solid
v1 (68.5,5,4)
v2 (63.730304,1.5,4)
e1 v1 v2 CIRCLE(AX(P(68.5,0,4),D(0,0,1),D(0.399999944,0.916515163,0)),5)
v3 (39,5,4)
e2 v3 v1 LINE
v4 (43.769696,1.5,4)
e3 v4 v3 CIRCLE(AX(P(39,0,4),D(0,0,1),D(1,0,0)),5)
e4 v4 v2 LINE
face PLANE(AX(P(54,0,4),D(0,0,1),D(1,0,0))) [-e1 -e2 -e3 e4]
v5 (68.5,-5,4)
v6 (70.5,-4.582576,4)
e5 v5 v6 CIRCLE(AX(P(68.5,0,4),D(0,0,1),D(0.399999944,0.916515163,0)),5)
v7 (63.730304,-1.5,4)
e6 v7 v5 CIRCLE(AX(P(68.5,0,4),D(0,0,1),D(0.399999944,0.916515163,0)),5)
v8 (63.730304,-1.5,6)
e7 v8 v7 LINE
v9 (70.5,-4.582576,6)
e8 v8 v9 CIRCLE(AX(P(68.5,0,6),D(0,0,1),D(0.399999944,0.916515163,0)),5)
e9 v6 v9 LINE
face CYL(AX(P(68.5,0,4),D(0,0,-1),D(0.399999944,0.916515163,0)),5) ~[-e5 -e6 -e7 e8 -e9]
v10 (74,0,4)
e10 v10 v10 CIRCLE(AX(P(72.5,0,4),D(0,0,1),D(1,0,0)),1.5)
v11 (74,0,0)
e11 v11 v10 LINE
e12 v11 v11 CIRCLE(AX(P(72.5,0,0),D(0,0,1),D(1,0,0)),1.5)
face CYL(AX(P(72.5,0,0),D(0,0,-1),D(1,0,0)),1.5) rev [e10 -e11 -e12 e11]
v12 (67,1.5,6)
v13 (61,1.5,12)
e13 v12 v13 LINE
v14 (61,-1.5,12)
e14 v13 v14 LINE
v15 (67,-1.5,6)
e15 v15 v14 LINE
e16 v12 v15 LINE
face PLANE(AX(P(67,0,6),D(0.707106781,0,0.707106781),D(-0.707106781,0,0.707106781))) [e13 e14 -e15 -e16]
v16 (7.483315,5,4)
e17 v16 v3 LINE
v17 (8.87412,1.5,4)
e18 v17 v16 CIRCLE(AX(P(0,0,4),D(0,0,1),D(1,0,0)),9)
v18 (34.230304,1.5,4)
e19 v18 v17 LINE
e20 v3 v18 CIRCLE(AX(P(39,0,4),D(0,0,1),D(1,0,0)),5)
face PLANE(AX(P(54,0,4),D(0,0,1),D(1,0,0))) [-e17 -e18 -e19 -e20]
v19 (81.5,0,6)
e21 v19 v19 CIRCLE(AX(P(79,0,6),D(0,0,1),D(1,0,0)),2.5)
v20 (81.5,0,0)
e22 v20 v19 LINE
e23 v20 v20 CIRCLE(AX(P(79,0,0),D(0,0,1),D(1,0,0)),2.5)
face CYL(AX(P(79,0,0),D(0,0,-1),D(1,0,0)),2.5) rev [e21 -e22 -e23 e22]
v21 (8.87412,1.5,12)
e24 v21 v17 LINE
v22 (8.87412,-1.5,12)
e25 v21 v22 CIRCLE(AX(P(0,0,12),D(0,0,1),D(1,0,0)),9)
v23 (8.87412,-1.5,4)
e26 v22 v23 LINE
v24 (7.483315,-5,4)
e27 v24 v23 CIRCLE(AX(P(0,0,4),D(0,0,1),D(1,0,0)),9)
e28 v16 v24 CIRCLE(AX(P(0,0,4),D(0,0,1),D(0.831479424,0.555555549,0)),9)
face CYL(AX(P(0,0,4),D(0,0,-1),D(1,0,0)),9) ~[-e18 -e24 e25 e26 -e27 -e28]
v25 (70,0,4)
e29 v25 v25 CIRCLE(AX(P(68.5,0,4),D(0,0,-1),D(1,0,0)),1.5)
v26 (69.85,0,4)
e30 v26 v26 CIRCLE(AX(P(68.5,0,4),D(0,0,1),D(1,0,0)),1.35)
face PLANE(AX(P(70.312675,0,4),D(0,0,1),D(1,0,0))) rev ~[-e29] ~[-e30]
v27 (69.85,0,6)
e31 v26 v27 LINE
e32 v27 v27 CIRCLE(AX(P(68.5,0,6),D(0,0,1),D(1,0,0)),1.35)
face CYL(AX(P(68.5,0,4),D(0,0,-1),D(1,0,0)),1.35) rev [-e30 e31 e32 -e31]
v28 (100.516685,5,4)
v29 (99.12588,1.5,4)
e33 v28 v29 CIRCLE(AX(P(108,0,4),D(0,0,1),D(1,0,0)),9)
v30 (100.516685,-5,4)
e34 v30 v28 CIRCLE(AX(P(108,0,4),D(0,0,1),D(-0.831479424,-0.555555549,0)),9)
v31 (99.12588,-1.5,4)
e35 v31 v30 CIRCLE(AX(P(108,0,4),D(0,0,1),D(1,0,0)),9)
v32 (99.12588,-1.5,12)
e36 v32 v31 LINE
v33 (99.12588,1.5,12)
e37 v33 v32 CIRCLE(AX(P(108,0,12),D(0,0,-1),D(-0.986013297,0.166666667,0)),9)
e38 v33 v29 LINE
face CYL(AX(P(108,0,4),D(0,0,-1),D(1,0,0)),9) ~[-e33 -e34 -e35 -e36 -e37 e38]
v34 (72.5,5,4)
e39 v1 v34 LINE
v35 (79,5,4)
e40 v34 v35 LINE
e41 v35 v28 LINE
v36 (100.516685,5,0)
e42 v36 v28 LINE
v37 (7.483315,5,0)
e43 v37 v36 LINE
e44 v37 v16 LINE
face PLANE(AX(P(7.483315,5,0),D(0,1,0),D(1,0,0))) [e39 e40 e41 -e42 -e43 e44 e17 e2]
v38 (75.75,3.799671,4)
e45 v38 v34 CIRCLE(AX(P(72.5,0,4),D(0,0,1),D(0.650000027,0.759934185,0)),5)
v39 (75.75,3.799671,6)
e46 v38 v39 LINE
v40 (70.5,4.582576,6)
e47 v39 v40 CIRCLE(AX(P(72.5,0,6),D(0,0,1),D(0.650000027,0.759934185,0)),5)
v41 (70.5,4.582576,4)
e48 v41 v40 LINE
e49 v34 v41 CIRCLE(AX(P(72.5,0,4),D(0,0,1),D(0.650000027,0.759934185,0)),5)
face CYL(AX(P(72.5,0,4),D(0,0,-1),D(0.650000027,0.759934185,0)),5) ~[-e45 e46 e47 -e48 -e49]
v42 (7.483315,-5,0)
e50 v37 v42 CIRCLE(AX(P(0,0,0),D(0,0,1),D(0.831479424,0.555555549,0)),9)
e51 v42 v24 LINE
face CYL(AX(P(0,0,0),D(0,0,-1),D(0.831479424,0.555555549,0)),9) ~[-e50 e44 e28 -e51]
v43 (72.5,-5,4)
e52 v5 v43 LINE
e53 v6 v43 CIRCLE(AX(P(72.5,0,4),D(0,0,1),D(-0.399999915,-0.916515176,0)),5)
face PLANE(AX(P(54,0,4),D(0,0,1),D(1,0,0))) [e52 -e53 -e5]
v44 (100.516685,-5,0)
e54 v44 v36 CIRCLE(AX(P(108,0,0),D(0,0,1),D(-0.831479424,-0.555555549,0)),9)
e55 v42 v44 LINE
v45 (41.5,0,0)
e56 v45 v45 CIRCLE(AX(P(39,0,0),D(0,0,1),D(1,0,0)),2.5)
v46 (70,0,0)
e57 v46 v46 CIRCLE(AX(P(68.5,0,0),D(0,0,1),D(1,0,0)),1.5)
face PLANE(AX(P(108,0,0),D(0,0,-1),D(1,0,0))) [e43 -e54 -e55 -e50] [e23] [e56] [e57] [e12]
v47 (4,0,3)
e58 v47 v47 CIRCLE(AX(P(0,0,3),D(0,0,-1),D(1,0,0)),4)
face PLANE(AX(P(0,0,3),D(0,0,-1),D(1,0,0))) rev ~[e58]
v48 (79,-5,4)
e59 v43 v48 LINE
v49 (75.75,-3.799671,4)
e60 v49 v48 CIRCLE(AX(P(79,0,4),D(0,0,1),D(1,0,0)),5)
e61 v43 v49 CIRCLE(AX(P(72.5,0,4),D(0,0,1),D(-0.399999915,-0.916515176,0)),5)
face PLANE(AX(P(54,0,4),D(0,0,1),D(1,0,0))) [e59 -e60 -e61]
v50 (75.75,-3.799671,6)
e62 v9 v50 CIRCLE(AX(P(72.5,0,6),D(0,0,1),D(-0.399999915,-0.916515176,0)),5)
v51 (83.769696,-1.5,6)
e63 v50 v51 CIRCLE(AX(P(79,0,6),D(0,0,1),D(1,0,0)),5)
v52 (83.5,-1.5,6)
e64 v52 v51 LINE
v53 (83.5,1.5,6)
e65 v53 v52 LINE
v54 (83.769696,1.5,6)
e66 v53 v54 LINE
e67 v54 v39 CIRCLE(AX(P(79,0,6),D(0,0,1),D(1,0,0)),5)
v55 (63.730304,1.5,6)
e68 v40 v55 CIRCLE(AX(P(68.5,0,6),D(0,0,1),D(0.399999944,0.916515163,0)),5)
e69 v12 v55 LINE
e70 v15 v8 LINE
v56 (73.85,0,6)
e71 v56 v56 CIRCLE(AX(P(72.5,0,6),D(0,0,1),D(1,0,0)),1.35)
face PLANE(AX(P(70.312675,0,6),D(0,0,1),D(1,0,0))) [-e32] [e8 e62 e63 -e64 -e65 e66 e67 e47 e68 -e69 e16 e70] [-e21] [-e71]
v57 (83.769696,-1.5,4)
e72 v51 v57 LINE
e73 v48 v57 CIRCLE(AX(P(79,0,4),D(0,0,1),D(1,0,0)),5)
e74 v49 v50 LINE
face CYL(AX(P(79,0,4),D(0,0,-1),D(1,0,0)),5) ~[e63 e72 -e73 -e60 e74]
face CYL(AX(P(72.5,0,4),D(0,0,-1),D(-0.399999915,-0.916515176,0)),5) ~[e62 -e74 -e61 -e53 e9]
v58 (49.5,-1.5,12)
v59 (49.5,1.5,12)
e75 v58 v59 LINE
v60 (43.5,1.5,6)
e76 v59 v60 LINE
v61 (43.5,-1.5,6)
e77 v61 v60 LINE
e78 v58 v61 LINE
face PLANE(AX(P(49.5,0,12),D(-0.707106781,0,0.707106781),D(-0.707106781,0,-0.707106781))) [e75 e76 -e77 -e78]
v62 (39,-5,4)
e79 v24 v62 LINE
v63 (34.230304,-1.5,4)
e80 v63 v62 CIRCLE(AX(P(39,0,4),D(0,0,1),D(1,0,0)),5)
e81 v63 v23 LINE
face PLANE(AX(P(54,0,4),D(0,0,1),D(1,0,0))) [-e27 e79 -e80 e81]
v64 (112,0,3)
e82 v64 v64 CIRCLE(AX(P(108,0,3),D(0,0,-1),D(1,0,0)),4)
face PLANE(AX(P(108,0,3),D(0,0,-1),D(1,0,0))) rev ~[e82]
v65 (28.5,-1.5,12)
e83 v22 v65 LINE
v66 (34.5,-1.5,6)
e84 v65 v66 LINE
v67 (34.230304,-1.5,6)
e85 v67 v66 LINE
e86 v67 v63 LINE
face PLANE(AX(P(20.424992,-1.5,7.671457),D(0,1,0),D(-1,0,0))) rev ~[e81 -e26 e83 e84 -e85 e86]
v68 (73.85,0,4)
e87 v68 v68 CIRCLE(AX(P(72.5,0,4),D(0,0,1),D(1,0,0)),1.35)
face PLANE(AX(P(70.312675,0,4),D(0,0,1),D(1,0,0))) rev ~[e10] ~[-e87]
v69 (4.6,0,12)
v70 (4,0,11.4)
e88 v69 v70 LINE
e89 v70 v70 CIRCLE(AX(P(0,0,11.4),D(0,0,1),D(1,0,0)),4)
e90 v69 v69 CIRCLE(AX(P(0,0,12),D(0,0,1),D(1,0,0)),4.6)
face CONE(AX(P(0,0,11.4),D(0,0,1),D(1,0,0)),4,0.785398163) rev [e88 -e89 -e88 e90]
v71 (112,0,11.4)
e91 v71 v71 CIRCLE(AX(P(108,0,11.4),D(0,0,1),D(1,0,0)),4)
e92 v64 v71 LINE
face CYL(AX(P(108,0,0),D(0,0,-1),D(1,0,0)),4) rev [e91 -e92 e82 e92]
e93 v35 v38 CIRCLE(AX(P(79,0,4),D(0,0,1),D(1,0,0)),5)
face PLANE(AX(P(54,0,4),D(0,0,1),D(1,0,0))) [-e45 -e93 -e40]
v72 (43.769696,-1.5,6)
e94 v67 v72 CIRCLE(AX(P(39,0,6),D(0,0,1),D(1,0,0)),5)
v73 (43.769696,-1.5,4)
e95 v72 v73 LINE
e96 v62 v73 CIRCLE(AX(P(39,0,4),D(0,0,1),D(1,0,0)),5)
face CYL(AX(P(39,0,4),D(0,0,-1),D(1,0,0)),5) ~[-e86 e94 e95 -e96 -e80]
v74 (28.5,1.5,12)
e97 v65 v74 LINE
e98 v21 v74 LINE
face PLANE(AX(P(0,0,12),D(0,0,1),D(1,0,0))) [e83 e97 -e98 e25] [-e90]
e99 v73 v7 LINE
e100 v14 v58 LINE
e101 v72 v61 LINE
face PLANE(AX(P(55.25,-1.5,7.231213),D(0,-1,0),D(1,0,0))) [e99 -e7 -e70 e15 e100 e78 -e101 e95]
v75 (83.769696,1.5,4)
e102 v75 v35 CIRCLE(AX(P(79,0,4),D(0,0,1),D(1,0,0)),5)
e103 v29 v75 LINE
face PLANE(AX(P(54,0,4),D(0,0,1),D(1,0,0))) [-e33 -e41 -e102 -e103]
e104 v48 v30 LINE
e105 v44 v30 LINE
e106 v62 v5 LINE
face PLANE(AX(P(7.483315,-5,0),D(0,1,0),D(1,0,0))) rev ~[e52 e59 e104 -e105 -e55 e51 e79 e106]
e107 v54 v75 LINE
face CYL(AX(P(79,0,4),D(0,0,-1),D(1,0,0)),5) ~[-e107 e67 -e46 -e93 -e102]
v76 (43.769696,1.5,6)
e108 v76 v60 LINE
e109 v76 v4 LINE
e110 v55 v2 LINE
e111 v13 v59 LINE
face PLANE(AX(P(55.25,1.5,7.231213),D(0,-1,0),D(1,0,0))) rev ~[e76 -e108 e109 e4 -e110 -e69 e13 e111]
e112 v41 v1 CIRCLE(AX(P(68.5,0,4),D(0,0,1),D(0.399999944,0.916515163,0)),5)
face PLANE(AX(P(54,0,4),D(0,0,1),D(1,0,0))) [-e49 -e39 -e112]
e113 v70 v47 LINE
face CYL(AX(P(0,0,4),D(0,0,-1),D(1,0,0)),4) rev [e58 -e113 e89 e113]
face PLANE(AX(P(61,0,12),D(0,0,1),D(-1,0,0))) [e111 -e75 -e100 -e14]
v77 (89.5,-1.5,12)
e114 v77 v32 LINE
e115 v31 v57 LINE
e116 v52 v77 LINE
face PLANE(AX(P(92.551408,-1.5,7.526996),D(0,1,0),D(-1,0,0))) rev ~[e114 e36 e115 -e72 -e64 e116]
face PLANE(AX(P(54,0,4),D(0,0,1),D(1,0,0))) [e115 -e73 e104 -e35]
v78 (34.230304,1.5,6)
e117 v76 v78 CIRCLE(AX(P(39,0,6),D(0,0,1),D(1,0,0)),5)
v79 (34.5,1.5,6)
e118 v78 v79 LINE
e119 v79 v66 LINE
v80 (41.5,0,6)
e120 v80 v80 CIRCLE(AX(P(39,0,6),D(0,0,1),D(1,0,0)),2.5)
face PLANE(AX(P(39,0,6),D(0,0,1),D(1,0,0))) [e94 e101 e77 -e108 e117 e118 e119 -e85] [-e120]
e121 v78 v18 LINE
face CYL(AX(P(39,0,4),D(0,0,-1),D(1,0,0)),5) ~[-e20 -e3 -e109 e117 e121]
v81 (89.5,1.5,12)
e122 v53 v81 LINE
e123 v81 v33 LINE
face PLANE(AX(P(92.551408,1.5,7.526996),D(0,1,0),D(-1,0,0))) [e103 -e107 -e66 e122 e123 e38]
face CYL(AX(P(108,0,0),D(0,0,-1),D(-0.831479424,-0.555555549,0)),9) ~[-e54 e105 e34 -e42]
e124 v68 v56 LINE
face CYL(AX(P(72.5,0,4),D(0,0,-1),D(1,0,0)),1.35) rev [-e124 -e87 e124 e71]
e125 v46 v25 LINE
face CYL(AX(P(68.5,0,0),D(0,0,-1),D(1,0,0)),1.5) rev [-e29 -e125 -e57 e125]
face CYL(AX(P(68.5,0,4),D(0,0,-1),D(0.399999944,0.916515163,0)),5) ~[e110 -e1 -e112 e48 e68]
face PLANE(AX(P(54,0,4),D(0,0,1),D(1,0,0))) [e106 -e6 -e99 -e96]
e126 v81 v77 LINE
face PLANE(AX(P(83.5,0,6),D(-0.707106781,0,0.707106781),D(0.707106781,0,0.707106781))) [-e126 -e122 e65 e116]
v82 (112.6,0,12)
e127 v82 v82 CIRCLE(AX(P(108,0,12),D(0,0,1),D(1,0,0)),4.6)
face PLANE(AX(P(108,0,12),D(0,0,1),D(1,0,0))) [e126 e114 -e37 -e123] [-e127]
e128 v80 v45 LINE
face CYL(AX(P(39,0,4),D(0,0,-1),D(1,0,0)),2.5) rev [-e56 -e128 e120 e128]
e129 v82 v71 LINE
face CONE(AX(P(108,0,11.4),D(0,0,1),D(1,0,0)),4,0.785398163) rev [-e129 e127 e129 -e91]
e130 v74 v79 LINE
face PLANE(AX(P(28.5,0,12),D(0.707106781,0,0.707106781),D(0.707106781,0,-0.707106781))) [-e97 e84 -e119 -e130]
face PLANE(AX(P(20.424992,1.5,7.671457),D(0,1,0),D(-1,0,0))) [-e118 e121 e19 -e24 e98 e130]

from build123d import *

# Parameters (mm, degrees)
SKETCH_R      = 4
SKETCH_R_2    = 2.5
SKETCH_R_3    = 1.5
PAD_DEPTH     = 4
SKETCH001_R   = 9
SKETCH001_R_2 = 4
PAD001_DEPTH  = 8
SKETCH002_R   = 4
PAD002_DEPTH  = 3
PAD003_DEPTH  = 1.5
SKETCH004_R   = 5
SKETCH004_R_2 = 2.5
PAD004_DEPTH  = 2
CHAMFER_SIZE  = 0.6
SKETCH005_R   = 1.35
PAD005_DEPTH  = 2


with BuildPart() as part:
    # Sketch → Pad (new body)
    with BuildSketch(Plane.XY):
        with BuildLine():
            ThreePointArc((7.483315, 5), (-9, 0), (7.483315, -5))
            Line((7.483315, -5), (100.516685, -5))
            ThreePointArc((100.516685, -5), (117, 0), (100.516685, 5))
            Line((7.483315, 5), (100.516685, 5))
        make_face()
        Circle(SKETCH_R, mode=Mode.SUBTRACT)
        with Locations((108, 0)):
            Circle(SKETCH_R, mode=Mode.SUBTRACT)
        with Locations((39, 0)):
            Circle(SKETCH_R_2, mode=Mode.SUBTRACT)
        with Locations((79, 0)):
            Circle(SKETCH_R_2, mode=Mode.SUBTRACT)
        with Locations((72.5, 0)):
            Circle(SKETCH_R_3, mode=Mode.SUBTRACT)
        with Locations((68.5, 0)):
            Circle(SKETCH_R_3, mode=Mode.SUBTRACT)
    extrude(amount=PAD_DEPTH)

    # Sketch001 (on Face12 of Pad) → Pad001 (join)
    with BuildSketch(Plane.XY.offset(4)):
        Circle(SKETCH001_R)
        Circle(SKETCH001_R_2, mode=Mode.SUBTRACT)
        with Locations((108, 0)):
            Circle(SKETCH001_R)
        with Locations((108, 0)):
            Circle(SKETCH001_R_2, mode=Mode.SUBTRACT)
    extrude(amount=PAD001_DEPTH)

    # Sketch002 (on Face4 of Pad001) → Pad002 (join)
    with BuildSketch(Plane(origin=(0, 0, 0), x_dir=(1, 0, 0), z_dir=(0, 0, -1))):
        with Locations((108, 0)):
            Circle(SKETCH002_R)
        Circle(SKETCH002_R)
    extrude(amount=-PAD002_DEPTH)

    # Sketch003 (on Face3 of Pad002) → Pad003 (join, symmetric)
    with BuildSketch(Plane.XZ):
        Polygon((100, 12), (100, 4), (83.5, 4), (83.5, 6), (89.5, 12), align=None)
        Polygon((8, 4), (8, 12), (28.5, 12), (34.5, 6), (34.5, 4), align=None)
        Polygon((43.5, 4), (67, 4), (67, 6), (61, 12), (49.5, 12), (43.5, 6), align=None)
    extrude(amount=PAD003_DEPTH, both=True)

    # Sketch004 (on Face7 of Pad003) → Pad004 (join)
    with BuildSketch(Plane.XY.offset(4)):
        with Locations((39, 0)):
            Circle(SKETCH004_R)
        with Locations((39, 0)):
            Circle(SKETCH004_R_2, mode=Mode.SUBTRACT)
        with Locations((79, 0)):
            Circle(SKETCH004_R)
        with Locations((79, 0)):
            Circle(SKETCH004_R_2, mode=Mode.SUBTRACT)
    extrude(amount=PAD004_DEPTH)

    # Chamfer
    chamfer_edges = [part.edges().sort_by_distance(p)[0] for p in [
        (-4, 0, 12),
        (104, 0, 12),
    ]]
    chamfer(chamfer_edges, length=CHAMFER_SIZE)

    # Sketch005 (on Face22 of Chamfer) → Pad005 (join)
    with BuildSketch(Plane.XY.offset(4)):
        with BuildLine():
            ThreePointArc((70.5, 4.582576), (63.5, 0), (70.5, -4.582576))
            ThreePointArc((70.5, -4.582576), (73.237469, -4.945315), (75.75, -3.799671))
            ThreePointArc((75.75, 3.799671), (74, 0), (75.75, -3.799671))
            ThreePointArc((75.75, 3.799671), (73.237469, 4.945315), (70.5, 4.582576))
        make_face()
        with Locations((68.5, 0)):
            Circle(SKETCH005_R, mode=Mode.SUBTRACT)
        with Locations((72.5, 0)):
            Circle(SKETCH005_R, mode=Mode.SUBTRACT)
    extrude(amount=PAD005_DEPTH)


solid = part.part
